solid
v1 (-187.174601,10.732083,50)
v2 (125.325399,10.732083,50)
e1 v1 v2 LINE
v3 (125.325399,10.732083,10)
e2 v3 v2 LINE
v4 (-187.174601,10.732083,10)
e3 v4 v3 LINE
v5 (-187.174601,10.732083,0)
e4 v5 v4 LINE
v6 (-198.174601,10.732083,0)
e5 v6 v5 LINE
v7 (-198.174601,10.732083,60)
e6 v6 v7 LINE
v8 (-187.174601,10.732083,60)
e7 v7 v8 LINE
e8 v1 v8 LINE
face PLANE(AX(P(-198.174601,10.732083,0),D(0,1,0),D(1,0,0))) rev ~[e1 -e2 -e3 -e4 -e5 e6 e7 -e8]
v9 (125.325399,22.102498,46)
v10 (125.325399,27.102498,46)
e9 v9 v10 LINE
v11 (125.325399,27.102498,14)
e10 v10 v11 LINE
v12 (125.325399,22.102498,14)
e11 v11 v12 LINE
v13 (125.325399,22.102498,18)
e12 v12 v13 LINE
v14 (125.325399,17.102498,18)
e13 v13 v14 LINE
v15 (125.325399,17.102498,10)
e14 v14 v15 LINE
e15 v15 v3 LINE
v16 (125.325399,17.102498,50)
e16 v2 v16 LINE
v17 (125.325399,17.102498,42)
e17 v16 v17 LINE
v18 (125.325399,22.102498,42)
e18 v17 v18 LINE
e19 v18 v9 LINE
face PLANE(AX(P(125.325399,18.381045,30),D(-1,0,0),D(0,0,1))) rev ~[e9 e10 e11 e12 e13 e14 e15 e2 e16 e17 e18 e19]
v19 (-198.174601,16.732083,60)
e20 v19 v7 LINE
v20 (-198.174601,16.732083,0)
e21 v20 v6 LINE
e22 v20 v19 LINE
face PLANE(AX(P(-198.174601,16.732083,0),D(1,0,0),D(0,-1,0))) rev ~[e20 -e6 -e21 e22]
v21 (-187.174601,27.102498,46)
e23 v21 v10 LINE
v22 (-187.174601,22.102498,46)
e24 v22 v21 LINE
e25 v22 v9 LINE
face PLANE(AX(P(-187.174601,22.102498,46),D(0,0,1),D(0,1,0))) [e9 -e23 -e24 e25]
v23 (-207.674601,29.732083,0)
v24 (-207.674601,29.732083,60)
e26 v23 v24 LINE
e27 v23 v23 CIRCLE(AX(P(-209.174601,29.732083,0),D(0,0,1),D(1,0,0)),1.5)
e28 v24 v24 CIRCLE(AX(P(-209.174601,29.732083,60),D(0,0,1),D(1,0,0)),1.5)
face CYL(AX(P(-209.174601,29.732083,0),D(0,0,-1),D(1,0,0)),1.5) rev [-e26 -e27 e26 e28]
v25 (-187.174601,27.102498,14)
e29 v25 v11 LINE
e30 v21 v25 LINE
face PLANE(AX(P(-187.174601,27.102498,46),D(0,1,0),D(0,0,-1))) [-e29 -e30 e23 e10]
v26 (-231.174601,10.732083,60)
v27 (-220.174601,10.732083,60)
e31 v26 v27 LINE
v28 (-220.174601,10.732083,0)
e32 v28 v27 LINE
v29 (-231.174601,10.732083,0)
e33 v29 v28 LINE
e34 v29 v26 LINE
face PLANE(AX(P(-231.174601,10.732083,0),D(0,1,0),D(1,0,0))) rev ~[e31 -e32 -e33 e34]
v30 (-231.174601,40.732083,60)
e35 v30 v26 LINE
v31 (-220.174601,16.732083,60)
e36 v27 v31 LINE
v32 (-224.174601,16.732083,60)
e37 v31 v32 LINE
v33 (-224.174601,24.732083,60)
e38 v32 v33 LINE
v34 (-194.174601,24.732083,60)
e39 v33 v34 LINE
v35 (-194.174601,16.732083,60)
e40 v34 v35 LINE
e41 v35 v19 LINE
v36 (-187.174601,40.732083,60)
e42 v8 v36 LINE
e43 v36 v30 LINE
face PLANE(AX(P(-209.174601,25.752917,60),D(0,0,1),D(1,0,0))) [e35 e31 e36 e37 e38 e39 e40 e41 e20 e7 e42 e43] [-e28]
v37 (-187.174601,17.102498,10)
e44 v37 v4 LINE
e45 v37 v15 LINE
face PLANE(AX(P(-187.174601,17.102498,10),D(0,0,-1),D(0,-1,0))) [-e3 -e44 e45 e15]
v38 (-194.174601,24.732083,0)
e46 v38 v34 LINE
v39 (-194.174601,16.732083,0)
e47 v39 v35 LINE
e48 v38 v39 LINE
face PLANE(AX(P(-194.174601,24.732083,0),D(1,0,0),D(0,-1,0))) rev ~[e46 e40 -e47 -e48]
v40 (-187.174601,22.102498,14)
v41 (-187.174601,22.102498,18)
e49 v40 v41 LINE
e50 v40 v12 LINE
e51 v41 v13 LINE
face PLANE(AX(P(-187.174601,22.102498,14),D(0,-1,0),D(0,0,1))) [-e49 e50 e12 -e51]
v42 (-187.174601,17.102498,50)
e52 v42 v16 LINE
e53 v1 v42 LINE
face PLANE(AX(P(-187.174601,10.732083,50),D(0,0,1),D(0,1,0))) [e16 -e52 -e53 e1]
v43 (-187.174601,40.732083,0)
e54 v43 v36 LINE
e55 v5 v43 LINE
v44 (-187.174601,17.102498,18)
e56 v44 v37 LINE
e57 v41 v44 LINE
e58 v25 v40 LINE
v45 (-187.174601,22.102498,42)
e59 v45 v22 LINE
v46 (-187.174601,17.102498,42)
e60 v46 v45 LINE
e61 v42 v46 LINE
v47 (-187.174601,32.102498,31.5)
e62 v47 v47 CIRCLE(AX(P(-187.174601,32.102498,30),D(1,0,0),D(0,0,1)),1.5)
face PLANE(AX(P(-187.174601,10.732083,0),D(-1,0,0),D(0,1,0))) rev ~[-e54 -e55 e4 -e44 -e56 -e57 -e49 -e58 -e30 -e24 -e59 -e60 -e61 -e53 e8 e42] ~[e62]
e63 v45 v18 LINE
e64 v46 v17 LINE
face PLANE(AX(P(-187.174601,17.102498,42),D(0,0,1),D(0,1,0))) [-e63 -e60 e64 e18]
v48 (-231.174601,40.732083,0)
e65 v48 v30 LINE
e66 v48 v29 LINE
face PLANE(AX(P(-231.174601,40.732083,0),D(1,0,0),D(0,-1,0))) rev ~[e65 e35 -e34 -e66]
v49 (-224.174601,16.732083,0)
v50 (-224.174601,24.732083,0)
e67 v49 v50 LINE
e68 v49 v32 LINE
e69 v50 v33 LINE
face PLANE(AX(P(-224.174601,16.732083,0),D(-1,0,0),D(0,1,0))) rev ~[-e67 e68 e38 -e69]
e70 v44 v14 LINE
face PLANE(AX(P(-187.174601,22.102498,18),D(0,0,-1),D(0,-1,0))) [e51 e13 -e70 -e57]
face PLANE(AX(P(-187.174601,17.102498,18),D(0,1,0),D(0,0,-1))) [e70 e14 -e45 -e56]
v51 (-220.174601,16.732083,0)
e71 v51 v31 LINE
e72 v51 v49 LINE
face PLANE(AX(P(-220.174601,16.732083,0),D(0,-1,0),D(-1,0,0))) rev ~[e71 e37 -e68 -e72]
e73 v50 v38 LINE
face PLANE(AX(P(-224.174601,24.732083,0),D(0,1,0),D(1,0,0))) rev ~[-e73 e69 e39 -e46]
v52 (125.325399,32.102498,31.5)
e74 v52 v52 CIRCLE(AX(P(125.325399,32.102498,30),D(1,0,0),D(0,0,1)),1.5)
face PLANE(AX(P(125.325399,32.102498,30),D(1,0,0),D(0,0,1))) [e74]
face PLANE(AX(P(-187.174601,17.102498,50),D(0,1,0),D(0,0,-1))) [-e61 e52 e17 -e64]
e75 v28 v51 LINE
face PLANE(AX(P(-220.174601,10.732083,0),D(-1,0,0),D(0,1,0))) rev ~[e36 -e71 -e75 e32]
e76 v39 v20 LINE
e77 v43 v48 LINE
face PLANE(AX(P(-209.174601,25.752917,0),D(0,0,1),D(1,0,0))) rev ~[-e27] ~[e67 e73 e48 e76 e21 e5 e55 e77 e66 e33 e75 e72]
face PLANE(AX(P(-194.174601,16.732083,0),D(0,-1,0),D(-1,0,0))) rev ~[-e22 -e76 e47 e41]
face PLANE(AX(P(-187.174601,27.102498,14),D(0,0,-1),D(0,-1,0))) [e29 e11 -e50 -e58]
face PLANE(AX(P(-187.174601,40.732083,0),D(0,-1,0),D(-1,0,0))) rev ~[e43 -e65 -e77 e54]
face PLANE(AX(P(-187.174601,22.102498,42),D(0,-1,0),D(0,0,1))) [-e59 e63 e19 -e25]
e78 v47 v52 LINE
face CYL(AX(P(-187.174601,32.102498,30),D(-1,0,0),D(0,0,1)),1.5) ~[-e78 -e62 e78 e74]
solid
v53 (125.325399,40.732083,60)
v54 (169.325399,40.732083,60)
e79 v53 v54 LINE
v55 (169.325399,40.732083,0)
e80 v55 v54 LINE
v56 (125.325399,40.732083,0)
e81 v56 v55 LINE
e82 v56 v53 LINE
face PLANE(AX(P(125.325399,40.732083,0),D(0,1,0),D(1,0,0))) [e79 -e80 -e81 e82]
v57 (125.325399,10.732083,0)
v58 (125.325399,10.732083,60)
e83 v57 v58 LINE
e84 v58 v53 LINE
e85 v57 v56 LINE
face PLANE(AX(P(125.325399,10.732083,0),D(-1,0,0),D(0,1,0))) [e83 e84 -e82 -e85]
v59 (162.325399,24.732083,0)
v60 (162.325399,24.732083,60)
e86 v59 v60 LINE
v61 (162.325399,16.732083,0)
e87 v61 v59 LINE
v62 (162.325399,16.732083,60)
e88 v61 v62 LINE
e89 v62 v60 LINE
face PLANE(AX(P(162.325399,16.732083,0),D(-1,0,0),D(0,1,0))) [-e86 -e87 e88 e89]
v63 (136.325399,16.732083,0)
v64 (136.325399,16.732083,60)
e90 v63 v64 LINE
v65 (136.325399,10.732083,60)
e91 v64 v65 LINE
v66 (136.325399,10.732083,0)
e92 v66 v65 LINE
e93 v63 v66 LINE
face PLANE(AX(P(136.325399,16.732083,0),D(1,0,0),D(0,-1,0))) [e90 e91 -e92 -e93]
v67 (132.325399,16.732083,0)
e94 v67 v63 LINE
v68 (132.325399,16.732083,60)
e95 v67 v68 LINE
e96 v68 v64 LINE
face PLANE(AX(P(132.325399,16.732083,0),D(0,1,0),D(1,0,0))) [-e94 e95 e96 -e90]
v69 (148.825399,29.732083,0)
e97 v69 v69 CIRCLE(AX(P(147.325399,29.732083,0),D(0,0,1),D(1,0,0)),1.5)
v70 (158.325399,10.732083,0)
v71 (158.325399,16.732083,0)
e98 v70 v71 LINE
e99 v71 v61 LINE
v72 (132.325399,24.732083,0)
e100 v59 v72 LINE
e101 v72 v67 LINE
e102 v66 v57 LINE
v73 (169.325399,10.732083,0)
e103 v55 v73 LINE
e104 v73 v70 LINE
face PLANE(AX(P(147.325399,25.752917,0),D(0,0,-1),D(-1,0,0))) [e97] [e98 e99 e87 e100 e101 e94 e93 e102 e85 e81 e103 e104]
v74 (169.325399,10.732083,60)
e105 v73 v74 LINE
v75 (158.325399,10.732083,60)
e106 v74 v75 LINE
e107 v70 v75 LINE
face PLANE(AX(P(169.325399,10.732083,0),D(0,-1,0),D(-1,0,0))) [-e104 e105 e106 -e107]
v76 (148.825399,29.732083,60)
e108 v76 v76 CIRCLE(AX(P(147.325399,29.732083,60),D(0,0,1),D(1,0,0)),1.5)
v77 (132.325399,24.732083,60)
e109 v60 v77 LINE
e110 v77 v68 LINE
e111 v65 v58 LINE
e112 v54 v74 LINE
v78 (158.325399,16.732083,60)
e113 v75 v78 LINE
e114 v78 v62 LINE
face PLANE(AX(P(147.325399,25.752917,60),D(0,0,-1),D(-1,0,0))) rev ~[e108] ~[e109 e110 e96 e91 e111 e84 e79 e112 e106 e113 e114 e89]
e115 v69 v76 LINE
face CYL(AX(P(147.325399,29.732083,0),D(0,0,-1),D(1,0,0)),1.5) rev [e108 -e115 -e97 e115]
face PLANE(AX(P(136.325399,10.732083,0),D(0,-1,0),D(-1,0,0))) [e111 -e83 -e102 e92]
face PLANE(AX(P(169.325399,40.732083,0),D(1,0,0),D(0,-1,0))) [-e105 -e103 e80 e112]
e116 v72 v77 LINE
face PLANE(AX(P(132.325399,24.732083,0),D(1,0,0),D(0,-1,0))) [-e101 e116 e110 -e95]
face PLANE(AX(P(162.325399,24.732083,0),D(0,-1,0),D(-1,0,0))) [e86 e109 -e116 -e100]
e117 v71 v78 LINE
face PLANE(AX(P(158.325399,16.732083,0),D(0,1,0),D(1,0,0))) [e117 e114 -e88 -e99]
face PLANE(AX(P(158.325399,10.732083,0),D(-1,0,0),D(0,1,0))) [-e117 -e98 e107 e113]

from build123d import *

# Parameters (mm, degrees)
SKETCH_1_R        = 1.5
EXTRUDE_1_DEPTH   = 60
EXTRUDE_1_2_DEPTH = 60
SKETCH_2_R        = 1.5
EXTRUDE_2_DEPTH   = 312.5


with BuildPart() as part:
    # 草图1 → 凸台-拉伸1 (new body)
    with BuildSketch(Plane.XY):
        Polygon((-231.174600935, 10.732083355), (-220.174600935, 10.732083355), (-220.174600935, 16.732083355), (-224.174600935, 16.732083355), (-224.174600935, 24.732083355), (-194.174600935, 24.732083355), (-194.174600935, 16.732083355), (-198.174600935, 16.732083355), (-198.174600935, 10.732083355), (-187.174600935, 10.732083355), (-187.174600935, 40.732083355), (-231.174600935, 40.732083355), align=None)
        with Locations((-209.174600935, 29.732083355)):
            Circle(SKETCH_1_R, mode=Mode.SUBTRACT)
    extrude(amount=EXTRUDE_1_DEPTH)

    # 草图2 → 凸台-拉伸2 (add)
    with BuildSketch(Plane(origin=(-187.174600935, 0, 0), x_dir=(0, 0, -1), z_dir=(1, 0, 0))):
        with Locations(Location((-30, 32.102498143, 0), (0, 0, 180))):
            Circle(SKETCH_2_R)
        Polygon((-10, 10.732083355), (-50, 10.732083355), (-50, 17.102498143), (-42, 17.102498143), (-42, 22.102498143), (-46, 22.102498143), (-46, 27.102498143), (-14, 27.102498143), (-14, 22.102498143), (-18, 22.102498143), (-18, 17.102498143), (-10, 17.102498143), align=None)
    extrude(amount=EXTRUDE_2_DEPTH)


with BuildPart() as body_2:
    # 草图1 → Extrude 1 2 (new body)
    with BuildSketch(Plane.XY):
        Polygon((136.325399065, 16.732083355), (136.325399065, 10.732083355), (125.325399065, 10.732083355), (125.325399065, 40.732083355), (169.325399065, 40.732083355), (169.325399065, 10.732083355), (158.325399065, 10.732083355), (158.325399065, 16.732083355), (162.325399065, 16.732083355), (162.325399065, 24.732083355), (132.325399065, 24.732083355), (132.325399065, 16.732083355), align=None)
        with Locations((147.325399065, 29.732083355)):
            Circle(SKETCH_1_R, mode=Mode.SUBTRACT)
    extrude(amount=EXTRUDE_1_2_DEPTH)


solid = Compound([part.part, body_2.part])
